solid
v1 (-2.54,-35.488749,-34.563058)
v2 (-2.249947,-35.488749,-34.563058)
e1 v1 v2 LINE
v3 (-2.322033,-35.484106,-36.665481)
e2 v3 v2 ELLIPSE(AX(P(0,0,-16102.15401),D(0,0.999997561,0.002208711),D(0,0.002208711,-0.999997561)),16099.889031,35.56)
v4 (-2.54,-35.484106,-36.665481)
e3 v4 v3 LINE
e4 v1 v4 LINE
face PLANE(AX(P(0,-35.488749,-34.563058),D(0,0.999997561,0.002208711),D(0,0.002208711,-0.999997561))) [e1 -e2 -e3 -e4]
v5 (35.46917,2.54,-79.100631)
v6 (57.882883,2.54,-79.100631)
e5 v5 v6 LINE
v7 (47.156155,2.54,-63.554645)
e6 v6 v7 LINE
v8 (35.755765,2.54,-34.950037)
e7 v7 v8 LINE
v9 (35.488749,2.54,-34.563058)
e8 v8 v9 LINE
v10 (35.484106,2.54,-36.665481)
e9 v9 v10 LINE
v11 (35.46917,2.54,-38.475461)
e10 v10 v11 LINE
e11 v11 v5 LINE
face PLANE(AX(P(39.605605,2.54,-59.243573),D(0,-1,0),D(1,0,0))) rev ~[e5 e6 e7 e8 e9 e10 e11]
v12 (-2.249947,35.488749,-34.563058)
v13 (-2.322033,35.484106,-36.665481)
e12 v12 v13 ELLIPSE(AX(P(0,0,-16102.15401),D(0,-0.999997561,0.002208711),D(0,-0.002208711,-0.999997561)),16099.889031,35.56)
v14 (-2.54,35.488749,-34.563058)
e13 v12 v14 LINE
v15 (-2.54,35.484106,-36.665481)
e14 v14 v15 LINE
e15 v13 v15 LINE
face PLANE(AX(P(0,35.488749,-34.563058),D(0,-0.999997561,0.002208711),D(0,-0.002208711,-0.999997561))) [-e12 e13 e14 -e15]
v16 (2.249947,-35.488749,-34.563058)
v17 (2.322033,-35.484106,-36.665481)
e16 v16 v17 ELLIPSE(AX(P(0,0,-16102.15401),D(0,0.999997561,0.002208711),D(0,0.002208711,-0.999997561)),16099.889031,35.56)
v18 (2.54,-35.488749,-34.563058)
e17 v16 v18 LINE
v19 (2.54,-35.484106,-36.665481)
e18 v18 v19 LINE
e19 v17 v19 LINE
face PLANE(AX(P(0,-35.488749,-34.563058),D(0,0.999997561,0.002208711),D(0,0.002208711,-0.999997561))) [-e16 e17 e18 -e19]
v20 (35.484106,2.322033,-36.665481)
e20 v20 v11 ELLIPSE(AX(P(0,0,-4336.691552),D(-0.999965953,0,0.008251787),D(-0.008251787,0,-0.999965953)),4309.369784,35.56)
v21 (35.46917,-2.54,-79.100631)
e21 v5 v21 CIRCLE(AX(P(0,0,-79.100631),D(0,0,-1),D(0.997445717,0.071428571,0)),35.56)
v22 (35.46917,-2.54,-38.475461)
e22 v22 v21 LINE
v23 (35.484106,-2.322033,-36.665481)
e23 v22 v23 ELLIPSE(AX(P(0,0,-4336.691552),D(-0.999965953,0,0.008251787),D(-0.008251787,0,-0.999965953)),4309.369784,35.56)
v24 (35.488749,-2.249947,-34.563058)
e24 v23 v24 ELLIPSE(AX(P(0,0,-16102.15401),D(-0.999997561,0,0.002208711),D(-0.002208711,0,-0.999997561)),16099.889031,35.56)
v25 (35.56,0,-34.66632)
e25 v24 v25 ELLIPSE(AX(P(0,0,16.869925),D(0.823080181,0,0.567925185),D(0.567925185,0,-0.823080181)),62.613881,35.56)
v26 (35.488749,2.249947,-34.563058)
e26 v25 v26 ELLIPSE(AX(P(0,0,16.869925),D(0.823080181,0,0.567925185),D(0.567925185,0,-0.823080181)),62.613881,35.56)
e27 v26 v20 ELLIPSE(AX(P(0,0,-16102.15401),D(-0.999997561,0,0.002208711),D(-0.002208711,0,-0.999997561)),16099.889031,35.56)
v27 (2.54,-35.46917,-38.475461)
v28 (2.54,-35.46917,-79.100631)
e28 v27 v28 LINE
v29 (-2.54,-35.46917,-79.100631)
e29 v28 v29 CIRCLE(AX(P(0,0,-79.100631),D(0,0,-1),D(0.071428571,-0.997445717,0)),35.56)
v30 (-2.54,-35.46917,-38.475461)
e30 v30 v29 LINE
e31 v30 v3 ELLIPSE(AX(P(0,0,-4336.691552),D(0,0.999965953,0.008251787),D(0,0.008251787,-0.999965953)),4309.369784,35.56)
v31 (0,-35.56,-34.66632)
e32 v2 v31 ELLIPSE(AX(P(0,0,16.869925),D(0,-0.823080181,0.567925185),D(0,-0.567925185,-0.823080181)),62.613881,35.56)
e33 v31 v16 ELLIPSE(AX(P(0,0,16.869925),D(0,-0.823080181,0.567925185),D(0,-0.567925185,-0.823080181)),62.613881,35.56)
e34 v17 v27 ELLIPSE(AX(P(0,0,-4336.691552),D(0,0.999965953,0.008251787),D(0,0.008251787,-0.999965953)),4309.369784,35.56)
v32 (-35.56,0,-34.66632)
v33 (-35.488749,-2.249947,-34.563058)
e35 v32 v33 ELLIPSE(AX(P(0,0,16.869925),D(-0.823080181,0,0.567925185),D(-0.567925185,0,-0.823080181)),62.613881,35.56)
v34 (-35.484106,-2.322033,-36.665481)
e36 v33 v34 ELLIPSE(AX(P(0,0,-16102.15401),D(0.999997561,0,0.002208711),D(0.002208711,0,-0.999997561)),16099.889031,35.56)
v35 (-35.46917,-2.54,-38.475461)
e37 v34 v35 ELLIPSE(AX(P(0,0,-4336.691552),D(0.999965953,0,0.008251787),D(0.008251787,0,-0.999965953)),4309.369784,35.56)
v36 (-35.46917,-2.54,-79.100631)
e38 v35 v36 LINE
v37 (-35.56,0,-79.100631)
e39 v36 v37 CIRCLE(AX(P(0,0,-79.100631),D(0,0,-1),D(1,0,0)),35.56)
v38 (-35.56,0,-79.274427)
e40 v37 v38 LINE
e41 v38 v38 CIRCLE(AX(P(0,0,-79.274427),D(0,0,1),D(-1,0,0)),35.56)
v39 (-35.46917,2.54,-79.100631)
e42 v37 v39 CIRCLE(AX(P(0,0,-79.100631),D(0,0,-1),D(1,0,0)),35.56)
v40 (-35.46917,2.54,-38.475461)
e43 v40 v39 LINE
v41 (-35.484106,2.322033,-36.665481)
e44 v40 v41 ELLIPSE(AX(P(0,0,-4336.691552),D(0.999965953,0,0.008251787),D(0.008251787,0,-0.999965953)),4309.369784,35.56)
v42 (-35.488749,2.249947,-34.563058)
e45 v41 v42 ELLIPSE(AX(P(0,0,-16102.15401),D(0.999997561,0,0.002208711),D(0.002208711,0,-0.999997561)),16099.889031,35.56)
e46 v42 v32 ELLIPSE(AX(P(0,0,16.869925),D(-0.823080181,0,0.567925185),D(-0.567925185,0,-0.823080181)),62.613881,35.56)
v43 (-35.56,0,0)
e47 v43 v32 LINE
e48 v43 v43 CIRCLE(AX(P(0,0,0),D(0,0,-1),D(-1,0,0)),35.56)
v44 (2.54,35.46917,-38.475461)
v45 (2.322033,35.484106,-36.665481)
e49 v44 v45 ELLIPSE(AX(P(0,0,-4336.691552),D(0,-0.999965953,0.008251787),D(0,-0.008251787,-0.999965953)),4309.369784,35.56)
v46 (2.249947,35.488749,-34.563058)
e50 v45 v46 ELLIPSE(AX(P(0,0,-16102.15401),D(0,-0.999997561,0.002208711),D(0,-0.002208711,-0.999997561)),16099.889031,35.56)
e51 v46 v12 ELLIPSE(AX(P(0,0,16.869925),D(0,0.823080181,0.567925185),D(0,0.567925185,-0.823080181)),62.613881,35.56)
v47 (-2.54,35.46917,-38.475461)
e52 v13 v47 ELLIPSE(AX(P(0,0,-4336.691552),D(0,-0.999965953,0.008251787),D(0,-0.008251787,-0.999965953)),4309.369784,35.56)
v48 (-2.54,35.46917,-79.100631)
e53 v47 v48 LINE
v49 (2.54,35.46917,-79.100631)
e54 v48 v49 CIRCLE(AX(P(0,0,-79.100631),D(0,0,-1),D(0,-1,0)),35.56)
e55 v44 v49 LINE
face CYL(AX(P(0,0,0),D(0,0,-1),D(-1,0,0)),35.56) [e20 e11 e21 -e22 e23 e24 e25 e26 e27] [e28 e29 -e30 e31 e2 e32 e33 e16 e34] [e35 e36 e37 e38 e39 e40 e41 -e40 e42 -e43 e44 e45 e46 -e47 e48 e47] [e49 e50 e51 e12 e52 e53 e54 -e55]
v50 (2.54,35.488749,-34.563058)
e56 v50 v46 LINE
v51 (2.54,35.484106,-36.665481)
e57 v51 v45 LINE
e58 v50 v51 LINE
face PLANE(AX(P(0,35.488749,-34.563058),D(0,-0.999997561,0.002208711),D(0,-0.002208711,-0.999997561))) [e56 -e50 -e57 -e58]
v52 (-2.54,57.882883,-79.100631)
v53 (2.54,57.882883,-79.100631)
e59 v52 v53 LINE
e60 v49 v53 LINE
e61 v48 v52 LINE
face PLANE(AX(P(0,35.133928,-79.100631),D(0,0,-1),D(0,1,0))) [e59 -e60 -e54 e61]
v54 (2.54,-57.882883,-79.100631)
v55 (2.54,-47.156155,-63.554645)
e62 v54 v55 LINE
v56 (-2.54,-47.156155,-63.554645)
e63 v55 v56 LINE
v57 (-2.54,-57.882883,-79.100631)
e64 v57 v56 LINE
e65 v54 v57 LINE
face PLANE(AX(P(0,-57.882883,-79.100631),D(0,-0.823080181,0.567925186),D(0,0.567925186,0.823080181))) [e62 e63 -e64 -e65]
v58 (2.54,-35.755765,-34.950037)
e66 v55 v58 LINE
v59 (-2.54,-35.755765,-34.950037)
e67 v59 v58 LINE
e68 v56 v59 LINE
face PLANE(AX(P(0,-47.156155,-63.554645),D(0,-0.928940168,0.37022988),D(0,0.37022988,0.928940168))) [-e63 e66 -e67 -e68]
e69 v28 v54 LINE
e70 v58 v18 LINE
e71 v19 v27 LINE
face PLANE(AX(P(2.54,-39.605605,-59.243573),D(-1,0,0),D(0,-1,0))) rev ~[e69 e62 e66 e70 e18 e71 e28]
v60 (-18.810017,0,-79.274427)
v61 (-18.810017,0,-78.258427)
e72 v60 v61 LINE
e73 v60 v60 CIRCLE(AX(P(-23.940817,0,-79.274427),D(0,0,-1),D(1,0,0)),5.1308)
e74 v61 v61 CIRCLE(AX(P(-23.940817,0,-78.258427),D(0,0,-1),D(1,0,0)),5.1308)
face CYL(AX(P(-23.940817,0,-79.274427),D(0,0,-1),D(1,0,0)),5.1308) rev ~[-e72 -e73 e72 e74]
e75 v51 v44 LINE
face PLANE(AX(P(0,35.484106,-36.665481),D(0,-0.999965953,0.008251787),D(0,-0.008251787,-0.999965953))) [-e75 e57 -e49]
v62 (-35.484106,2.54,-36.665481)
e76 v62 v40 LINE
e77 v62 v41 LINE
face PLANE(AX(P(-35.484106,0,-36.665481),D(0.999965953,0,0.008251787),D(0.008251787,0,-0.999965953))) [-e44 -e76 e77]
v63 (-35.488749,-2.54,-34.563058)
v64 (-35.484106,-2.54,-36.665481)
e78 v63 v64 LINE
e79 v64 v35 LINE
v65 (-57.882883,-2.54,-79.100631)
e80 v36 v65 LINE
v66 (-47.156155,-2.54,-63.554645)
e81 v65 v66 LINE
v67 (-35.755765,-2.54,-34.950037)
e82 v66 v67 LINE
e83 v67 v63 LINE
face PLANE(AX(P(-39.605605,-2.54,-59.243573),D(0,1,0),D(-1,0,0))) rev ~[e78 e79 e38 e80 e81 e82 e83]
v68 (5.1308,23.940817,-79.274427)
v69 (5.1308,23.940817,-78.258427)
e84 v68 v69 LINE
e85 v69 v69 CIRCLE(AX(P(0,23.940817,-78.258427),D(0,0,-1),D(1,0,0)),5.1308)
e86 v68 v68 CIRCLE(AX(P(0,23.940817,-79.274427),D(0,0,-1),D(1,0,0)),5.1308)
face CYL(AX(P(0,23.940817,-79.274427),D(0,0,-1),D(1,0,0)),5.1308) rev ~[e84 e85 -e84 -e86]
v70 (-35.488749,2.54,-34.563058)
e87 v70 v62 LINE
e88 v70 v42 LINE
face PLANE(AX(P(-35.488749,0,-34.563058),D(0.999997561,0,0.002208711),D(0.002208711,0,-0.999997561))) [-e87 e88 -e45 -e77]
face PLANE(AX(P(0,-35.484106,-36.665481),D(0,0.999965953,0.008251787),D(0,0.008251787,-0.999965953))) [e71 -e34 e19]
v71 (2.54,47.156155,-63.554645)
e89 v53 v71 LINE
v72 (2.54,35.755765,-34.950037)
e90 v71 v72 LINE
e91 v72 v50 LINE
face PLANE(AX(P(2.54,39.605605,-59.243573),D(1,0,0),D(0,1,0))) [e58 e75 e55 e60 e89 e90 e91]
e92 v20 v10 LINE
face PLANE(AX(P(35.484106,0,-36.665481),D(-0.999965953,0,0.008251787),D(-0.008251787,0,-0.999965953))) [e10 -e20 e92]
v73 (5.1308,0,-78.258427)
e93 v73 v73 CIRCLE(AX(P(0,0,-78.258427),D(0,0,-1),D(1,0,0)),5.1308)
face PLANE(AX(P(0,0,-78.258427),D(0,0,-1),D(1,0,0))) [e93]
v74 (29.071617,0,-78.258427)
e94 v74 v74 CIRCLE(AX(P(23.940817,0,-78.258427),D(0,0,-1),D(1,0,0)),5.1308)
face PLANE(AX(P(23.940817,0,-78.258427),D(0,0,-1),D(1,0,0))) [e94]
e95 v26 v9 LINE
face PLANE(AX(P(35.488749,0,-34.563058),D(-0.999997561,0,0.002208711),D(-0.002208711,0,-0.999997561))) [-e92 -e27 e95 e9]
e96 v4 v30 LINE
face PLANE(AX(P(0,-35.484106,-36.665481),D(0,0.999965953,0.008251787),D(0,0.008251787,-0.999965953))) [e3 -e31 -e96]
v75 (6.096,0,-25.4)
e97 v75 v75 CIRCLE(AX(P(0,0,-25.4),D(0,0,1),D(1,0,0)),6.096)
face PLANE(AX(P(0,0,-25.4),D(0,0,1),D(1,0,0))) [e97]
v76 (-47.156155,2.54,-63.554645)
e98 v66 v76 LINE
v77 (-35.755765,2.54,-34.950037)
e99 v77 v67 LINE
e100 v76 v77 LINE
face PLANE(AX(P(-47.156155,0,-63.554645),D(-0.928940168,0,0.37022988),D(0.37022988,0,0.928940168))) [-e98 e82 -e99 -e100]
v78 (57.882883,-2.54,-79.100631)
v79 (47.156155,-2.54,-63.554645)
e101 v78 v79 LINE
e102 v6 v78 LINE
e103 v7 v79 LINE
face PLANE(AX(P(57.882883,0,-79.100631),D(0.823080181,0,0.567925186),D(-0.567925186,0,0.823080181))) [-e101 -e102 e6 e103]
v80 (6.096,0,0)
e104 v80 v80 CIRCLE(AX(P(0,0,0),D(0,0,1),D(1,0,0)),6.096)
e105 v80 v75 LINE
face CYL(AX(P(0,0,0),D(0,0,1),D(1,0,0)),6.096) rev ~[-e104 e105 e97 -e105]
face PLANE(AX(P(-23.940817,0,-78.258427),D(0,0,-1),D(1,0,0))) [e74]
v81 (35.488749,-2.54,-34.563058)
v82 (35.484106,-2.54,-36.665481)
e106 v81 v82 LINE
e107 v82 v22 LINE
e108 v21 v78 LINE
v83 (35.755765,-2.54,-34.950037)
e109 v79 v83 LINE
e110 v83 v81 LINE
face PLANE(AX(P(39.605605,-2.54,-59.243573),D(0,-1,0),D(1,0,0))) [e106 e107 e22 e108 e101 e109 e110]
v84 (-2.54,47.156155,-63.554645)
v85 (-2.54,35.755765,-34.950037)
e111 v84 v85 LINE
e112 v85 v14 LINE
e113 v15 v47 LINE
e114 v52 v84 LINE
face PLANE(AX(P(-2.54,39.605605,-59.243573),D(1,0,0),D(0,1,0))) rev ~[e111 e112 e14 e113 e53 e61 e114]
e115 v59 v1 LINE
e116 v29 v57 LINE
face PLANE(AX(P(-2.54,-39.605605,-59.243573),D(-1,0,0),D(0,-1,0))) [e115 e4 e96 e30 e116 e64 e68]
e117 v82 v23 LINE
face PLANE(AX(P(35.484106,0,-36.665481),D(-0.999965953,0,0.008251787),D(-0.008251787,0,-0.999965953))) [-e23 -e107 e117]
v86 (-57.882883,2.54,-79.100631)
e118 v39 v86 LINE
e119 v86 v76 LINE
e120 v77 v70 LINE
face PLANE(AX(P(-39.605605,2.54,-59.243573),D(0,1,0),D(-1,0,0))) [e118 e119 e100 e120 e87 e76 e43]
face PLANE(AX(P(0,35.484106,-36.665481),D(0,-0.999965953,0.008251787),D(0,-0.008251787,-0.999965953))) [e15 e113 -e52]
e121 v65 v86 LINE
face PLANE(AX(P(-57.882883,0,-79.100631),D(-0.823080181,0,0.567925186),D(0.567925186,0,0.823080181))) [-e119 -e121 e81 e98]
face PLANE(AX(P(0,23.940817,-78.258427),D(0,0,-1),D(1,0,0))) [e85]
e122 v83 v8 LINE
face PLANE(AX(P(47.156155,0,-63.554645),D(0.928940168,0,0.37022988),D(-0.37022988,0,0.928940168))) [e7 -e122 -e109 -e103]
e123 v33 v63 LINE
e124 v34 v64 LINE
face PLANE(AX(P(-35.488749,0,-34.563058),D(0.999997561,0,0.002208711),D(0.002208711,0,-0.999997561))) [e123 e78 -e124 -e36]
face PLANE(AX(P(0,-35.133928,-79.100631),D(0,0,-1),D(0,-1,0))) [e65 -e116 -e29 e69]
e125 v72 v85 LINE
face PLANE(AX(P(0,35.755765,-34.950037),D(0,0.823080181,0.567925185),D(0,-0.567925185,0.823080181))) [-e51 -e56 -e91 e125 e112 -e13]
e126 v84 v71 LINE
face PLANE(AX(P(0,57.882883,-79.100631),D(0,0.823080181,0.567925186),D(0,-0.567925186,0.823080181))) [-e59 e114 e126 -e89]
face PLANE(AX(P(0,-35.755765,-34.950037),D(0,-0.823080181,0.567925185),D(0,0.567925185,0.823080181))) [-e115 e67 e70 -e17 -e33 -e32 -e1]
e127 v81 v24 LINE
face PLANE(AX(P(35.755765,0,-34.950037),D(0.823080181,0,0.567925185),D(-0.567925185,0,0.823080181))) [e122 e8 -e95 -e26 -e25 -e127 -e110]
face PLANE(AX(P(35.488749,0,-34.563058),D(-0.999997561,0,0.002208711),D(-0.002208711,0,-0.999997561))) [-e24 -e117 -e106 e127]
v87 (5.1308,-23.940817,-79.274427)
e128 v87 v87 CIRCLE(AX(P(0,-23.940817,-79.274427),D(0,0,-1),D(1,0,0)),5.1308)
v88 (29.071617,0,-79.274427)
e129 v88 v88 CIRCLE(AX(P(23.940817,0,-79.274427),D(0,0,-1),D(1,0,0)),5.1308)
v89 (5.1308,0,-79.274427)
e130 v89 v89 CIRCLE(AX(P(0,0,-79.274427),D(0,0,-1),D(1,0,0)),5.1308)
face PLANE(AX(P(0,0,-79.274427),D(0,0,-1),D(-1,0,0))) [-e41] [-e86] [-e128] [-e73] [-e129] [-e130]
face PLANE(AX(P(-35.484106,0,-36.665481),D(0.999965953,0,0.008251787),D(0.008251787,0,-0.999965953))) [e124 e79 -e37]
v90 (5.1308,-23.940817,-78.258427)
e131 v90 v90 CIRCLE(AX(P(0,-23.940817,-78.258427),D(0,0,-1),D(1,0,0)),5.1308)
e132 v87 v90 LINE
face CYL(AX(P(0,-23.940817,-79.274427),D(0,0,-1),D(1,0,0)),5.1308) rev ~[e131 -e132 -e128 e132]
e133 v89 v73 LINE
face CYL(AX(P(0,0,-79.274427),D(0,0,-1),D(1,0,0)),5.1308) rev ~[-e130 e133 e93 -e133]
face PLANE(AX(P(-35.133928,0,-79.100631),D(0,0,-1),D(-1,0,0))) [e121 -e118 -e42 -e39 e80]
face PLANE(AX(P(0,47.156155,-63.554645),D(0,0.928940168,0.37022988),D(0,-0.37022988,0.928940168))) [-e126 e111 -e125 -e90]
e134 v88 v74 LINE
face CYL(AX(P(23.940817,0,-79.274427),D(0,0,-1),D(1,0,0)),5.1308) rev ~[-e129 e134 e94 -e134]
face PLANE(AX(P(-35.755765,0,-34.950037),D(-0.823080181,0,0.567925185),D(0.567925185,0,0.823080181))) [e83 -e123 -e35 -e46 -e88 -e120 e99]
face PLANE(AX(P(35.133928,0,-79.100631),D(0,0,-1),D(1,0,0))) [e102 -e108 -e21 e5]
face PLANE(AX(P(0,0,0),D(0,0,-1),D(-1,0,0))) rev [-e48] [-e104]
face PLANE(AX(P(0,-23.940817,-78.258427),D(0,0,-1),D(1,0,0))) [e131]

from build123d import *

# Parameters (mm, degrees)
F0_W     = 3.4201149829
F0_H     = 19.8584441096
F0_W_2   = 2.4988718903
F0_W_3   = 1.865520142
F0_W_4   = 2.0727999508
F0_W_5   = 2.0727985539
F0_W_6   = 2.0727962255
F0_W_7   = 2.4873549119
F0_W_8   = 2.9019191861
F0_W_9   = 2.4873595685
F0_W_10  = 2.2800769657
F0_W_11  = 2.9019173235
F0_W_12  = 2.5449345174
F0_W_13  = 1.6582384706
F0_W_14  = 2.0152203453
F3_DEPTH = 2.54
F4_COUNT = 4
F5_R     = 5.1308
F6_DEPTH = 1.016
F7_R     = 6.096
F8_DEPTH = 25.4


with BuildPart() as f1:
    # F0 (on Front) → F1 (revolve)
    with BuildSketch(Plane.XZ):
        Polygon((-35.56, -79.2744270182), (0, -79.2744270182), (0, -19.8584441096), (-3.4201149829, -19.8584441096), (-5.2856351249, -19.8584441096), (-7.3584336787, -19.8584441096), (-9.8457885906, -19.8584441096), (-12.3331481591, -19.8584441096), (-15.2350654826, -19.8584441096), (-17.78, -19.8584441096), (-19.7952203453, -19.8584441096), (-21.4534588158, -19.8584441096), (-23.7335357815, -19.8584441096), (-26.0136127472, -19.8584441096), (-28.9155319333, -19.8584441096), (-30.9883281589, -19.8584441096), (-33.0611281097, -19.8584441096), (-35.56, -19.8584441096), align=None)
        with Locations((-1.7100574914, -9.9292220548)):
            Rectangle(F0_W, F0_H)
        with Locations((-34.3105640548, -9.9292220548)):
            Rectangle(F0_W_2, F0_H)
        with Locations((-4.3528750539, -9.9292220548)):
            Rectangle(F0_W_3, F0_H)
        with Locations((-32.0247281343, -9.9292220548)):
            Rectangle(F0_W_4, F0_H)
        with Locations((-6.3220344018, -9.9292220548)):
            Rectangle(F0_W_5, F0_H)
        with Locations((-29.9519300461, -9.9292220548)):
            Rectangle(F0_W_6, F0_H)
        with Locations((-8.6021111347, -9.9292220548)):
            Rectangle(F0_W_7, F0_H)
        with Locations((-27.4645723403, -9.9292220548)):
            Rectangle(F0_W_8, F0_H)
        with Locations((-11.0894683748, -9.9292220548)):
            Rectangle(F0_W_9, F0_H)
        with Locations((-24.8735742643, -9.9292220548)):
            Rectangle(F0_W_10, F0_H)
        with Locations((-13.7841068208, -9.9292220548)):
            Rectangle(F0_W_11, F0_H)
        with Locations((-22.5934972987, -9.9292220548)):
            Rectangle(F0_W_10, F0_H)
        with Locations((-16.5075327413, -9.9292220548)):
            Rectangle(F0_W_12, F0_H)
        with Locations((-20.6243395805, -9.9292220548)):
            Rectangle(F0_W_13, F0_H)
        with Locations((-18.7876101726, -9.9292220548)):
            Rectangle(F0_W_14, F0_H)
    revolve(axis=Axis((0, 0, -38.7951713055), (0, 0, -1)))

    # F2 (on Front) → F3 (join, symmetric)
    with BuildSketch(Plane.XZ):
        Polygon((35.4841057915, -36.6654805839), (35.1339280605, -79.1006311774), (47.1561551094, -79.1006311774), (47.1561551094, -63.5546445847), (35.755764693, -34.9500365555), (35.4887494468, -34.563057843), align=None)
        Polygon((47.1561551094, -63.5546445847), (47.1561551094, -79.1006311774), (57.8828832321, -79.1006311774), align=None)
    extrude(amount=F3_DEPTH, both=True)

    # F4: F1 ×4 about axis
    f4_axis = Axis((0, 0, -38.7951713055), (0, 0, -1))


with BuildPart() as f1_1:
    add(f1.part)
    for i in range(1, F4_COUNT):
        add(f1.part.rotate(f4_axis, i * 360 / F4_COUNT))

    # F5 (on face) → F6 (cut)
    with BuildSketch(Plane(origin=(0, 0, -79.2744270182), x_dir=(1, 0, 0), z_dir=(0, 0, -1))):
        Circle(F5_R)
        with Locations((-23.9408165216, 0)):
            Circle(F5_R)
        with Locations((0, 23.9408165216)):
            Circle(F5_R)
        with Locations((23.9408165216, 0)):
            Circle(F5_R)
        with Locations((0, -23.9408165216)):
            Circle(F5_R)
    extrude(amount=-F6_DEPTH, mode=Mode.SUBTRACT)

    # F7 (on Top) → F8 (cut)
    with BuildSketch(Plane.XY):
        Circle(F7_R)
    extrude(amount=-F8_DEPTH, mode=Mode.SUBTRACT)


solid = f1_1.part
